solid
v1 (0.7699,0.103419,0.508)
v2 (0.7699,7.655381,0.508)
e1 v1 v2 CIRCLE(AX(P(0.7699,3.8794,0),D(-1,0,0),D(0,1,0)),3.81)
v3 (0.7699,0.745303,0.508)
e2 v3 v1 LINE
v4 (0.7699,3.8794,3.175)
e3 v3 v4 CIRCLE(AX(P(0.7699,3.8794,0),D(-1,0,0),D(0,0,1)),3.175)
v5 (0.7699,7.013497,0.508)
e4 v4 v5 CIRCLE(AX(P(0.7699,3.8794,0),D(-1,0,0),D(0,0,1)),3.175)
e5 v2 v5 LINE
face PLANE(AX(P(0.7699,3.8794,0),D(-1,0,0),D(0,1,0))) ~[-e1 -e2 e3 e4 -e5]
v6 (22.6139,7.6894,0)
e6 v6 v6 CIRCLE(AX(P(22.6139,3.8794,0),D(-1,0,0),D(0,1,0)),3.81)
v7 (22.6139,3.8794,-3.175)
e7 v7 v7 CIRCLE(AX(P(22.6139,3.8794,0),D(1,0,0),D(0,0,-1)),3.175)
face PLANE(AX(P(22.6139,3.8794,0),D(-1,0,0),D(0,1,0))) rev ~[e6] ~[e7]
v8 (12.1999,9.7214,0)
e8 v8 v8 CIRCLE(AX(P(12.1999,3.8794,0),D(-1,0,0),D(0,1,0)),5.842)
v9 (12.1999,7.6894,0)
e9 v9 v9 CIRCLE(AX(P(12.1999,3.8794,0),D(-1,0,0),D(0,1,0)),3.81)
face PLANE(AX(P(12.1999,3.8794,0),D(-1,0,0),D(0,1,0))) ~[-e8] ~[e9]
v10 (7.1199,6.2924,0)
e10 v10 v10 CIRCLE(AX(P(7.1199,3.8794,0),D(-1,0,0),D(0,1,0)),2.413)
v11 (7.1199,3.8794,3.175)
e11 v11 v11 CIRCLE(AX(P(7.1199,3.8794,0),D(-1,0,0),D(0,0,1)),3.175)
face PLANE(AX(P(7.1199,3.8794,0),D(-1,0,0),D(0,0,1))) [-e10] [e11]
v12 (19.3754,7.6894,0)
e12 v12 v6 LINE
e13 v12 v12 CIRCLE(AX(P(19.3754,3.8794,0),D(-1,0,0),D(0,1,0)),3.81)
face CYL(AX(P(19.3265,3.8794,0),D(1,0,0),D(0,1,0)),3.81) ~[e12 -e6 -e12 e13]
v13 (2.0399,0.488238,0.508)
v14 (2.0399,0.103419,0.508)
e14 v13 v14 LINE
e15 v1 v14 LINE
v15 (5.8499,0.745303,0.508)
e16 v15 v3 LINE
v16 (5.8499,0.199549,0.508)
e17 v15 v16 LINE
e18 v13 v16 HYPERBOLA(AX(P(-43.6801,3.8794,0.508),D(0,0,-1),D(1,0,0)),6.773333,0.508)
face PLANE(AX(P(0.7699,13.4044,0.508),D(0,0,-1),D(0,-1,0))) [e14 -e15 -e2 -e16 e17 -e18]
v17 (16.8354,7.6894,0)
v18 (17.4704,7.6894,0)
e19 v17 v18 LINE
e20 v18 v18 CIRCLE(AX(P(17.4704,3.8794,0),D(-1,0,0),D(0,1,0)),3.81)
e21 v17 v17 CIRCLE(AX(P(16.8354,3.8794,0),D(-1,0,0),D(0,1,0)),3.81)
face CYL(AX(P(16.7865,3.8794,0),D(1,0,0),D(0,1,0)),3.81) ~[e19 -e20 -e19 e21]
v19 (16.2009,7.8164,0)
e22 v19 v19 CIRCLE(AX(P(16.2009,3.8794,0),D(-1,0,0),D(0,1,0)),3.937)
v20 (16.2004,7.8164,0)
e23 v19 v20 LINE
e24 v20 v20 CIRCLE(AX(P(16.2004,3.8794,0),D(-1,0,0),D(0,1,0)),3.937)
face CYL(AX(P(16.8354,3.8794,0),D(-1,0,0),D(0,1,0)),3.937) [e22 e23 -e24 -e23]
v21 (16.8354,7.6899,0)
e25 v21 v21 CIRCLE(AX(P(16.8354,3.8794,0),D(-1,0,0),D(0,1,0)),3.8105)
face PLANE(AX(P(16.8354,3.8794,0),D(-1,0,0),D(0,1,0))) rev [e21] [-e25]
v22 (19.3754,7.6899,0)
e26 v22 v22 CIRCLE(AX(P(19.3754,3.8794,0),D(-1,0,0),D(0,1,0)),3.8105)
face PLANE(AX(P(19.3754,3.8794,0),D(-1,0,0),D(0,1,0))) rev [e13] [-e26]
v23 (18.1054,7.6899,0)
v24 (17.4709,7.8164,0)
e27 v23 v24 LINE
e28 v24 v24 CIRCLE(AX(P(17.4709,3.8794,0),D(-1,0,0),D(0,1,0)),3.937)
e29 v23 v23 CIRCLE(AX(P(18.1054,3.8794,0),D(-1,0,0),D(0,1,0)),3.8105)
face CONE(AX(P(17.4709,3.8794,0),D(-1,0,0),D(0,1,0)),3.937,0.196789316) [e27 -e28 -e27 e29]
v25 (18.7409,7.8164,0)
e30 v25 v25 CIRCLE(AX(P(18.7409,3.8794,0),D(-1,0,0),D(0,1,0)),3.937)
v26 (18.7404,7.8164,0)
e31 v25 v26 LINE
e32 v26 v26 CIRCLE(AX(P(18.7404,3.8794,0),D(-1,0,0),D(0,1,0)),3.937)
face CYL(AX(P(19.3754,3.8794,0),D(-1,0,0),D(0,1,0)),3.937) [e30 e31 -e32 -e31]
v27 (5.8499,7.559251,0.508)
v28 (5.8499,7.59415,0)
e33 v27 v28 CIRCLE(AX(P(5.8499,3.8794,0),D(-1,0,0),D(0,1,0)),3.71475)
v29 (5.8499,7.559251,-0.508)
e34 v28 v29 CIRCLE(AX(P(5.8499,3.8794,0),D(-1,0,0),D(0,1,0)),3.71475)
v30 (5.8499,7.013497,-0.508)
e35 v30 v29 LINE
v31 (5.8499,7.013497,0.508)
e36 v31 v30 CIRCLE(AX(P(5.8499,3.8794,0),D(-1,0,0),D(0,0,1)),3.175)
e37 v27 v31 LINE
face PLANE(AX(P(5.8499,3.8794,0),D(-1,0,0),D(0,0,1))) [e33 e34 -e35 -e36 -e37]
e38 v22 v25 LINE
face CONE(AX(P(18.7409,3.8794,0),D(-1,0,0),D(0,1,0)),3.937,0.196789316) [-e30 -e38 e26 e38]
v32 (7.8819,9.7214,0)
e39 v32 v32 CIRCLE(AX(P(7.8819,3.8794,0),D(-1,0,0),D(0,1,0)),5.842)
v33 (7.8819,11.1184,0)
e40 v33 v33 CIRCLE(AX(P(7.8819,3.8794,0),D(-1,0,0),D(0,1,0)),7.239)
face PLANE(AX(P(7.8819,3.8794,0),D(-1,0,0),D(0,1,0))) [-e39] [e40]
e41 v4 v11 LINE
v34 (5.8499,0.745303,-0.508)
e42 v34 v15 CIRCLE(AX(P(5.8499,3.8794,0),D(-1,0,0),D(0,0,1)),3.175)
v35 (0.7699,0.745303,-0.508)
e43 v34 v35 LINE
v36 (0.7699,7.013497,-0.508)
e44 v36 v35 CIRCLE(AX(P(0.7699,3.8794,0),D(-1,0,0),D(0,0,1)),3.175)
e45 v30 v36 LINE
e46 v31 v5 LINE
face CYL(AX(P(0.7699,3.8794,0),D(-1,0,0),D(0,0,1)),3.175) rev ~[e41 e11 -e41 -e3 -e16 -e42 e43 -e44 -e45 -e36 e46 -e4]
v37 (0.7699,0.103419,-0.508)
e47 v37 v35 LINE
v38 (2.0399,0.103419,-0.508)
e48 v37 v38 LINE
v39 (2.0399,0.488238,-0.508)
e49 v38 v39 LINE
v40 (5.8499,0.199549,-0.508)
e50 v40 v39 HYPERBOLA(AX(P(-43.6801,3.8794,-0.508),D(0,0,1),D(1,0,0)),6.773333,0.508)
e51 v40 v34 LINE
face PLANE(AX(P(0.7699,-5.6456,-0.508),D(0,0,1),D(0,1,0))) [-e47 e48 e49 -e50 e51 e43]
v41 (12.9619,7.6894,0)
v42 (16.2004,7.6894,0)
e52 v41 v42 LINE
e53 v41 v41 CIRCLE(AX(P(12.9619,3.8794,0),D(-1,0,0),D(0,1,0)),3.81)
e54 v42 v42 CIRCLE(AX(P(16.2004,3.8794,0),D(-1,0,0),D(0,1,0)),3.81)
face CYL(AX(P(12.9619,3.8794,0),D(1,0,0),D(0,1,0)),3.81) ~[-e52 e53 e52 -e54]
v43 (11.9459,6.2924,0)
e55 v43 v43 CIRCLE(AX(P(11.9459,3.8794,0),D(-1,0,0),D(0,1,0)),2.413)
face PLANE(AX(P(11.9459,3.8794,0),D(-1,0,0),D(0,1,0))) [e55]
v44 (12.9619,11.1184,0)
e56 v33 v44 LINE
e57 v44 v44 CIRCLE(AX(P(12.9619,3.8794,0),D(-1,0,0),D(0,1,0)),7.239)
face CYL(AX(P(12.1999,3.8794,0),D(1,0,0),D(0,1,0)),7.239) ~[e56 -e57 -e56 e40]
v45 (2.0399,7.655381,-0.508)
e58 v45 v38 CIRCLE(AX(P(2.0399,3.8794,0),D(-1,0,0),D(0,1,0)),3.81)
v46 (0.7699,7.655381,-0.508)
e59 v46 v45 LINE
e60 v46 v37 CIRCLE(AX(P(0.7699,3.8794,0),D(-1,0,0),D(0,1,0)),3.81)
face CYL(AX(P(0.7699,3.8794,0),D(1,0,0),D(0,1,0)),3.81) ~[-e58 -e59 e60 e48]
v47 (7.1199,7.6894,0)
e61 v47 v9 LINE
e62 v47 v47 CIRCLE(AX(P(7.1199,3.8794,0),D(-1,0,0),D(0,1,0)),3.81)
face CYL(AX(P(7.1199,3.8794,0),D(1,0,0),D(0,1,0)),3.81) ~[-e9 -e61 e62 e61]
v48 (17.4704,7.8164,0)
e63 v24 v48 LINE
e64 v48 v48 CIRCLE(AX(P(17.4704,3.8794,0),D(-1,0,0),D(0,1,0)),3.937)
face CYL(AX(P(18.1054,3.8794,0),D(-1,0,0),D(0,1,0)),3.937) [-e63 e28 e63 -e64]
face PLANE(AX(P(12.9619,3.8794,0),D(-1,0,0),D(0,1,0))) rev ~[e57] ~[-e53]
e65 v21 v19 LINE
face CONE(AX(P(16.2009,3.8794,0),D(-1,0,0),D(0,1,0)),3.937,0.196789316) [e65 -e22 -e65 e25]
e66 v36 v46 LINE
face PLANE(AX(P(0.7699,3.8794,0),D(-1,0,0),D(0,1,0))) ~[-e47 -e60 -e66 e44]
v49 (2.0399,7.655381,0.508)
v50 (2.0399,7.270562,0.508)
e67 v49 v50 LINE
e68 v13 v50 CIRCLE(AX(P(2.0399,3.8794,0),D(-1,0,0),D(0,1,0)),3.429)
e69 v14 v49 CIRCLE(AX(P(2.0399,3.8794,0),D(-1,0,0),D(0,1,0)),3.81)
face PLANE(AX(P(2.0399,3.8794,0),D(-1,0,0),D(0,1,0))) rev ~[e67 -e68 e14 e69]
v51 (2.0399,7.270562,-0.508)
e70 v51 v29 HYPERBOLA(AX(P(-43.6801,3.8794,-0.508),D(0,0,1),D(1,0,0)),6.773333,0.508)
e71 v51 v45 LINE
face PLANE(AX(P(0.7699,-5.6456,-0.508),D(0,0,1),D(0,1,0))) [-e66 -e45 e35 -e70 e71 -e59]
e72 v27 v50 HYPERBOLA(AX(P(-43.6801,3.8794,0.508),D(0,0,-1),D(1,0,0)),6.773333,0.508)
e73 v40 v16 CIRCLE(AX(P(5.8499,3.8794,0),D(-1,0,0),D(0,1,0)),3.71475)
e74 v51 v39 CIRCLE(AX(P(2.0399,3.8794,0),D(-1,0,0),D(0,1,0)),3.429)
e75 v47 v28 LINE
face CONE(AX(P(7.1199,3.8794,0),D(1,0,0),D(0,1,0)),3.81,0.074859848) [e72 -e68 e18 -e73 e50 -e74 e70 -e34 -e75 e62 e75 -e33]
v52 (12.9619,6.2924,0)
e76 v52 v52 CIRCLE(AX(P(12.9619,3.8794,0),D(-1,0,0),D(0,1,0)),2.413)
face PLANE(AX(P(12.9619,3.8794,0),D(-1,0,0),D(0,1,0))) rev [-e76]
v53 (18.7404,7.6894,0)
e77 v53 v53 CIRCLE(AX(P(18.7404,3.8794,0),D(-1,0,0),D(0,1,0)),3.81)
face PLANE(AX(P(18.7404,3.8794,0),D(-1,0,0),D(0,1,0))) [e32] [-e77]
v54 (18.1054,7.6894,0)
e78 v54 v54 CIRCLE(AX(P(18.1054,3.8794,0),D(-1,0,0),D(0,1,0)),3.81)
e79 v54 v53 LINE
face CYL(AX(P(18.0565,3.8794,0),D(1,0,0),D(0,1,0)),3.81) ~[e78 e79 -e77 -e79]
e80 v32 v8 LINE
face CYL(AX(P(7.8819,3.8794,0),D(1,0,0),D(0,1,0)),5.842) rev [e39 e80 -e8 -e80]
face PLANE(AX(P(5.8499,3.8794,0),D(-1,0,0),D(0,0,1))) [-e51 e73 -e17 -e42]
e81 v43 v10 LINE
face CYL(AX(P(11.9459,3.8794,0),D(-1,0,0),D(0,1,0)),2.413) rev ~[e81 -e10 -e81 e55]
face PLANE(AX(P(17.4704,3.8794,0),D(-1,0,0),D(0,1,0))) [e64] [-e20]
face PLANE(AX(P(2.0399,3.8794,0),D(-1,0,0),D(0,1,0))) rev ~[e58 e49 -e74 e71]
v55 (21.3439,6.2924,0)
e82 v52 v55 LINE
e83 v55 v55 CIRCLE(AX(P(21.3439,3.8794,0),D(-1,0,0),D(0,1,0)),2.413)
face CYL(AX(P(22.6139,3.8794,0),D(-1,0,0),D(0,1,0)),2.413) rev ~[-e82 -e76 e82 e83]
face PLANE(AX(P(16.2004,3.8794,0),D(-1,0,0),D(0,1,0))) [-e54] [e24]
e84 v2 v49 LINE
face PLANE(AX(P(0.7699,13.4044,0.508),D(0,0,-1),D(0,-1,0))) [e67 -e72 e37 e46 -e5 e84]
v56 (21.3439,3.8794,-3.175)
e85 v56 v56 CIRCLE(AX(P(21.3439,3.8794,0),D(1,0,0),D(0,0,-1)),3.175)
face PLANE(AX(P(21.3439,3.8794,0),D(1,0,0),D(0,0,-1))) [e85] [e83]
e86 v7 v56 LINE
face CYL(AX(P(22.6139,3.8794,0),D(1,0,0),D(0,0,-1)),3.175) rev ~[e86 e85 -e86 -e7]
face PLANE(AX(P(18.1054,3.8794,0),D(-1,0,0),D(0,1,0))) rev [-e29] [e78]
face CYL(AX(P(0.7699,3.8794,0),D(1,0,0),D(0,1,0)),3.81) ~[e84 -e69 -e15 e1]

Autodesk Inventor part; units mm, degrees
ref_plane "YZ Plane" through (0, 0, 0) normal (1, 0, 0) x (0, 1, 0)
ref_plane "XZ Plane" through (0, 0, 0) normal (0, 1, 0) x (-1, 0, 0)
ref_plane "XY Plane" through (0, 0, 0) normal (0, 0, 1) x (1, 0, 0)
sketch "Sketch1" plane through (0, 0, 0) normal (0, 0, 1) x (1, 0, 0)
  line L0 (22.6139, 7.6894) -> (22.6139, 6.2924)
  line L1 (0.7699, 6.2924) -> (0.7699, 7.6894)
  line L2 (11.9459, 3.8794) -> (12.9619, 3.8794)
  line L3 (12.9619, 3.8794) -> (12.9619, 6.2924)
  line L4 (11.9459, 6.2924) -> (11.9459, 3.8794)
  line L5 (11.9459, 6.2924) -> (0.7699, 6.2924)
  line L6 (12.1999, 7.6894) -> (12.1999, 9.7214)
  line L7 (12.1999, 11.1184) -> (12.9619, 11.1184)
  line L8 (12.9619, 11.1184) -> (12.9619, 7.6894)
  line L9 (12.9619, 11.1184) -> (7.8819, 11.1184)
  line L10 (7.8819, 11.1184) -> (7.8819, 9.7214)
  line L11 (7.8819, 9.7214) -> (12.1999, 9.7214)
  line L12 (12.9619, 9.7214) -> (12.9619, 11.1184)
  line L13 (11.9459, 3.8794) -> (0.9057, 3.8794)
  line L14 (0.7699, 7.6894) -> (2.0399, 7.6894)
  line L15 (2.0399, 7.6894) -> (2.0399, 7.3084)
  line L16 (0.7699, 7.6894) -> (2.0399, 7.6894)
  line L17 (7.1199, 7.6894) -> (2.0399, 7.3084)
  line L18 (0.7699, 7.6894) -> (2.0399, 7.6894)
  line L19 (7.1199, 7.6894) -> (12.1999, 7.6894)
  line L20 (18.1054, 7.8164) -> (17.4704, 7.8164)
  line L21 (17.4704, 6.1654) -> (18.1054, 7.8164) construction
  line L22 (18.1054, 6.1654) -> (17.4704, 7.8164) construction
  line L23 (16.8354, 7.8164) -> (16.2004, 7.8164)
  line L24 (16.2004, 6.1654) -> (16.8354, 7.8164) construction
  line L25 (16.8354, 6.1654) -> (16.2004, 7.8164) construction
  line L26 (19.3754, 7.8164) -> (18.7404, 7.8164)
  line L27 (18.7404, 6.1654) -> (19.3754, 7.8164) construction
  line L28 (19.3754, 6.1654) -> (18.7404, 7.8164) construction
  line L29 (16.2004, 7.8164) -> (16.2004, 7.6894)
  line L30 (16.8354, 7.6894) -> (16.8354, 7.8164)
  line L31 (17.4704, 7.8164) -> (17.4704, 7.6894)
  line L32 (18.1054, 7.6894) -> (18.1054, 7.8164)
  line L33 (18.7404, 7.8164) -> (18.7404, 7.6894)
  line L34 (19.3754, 7.6894) -> (19.3754, 7.8164)
  line L35 (19.3265, 7.6894) -> (22.6139, 7.6894)
  line L36 (22.6139, 6.2924) -> (19.3265, 6.2924)
  line L37 (18.0565, 7.6894) -> (18.7892, 7.6894)
  line L38 (12.9619, 7.6894) -> (16.2492, 7.6894)
  line L39 (16.7865, 7.6894) -> (17.5192, 7.6894)
  line L40 (19.3265, 6.2924) -> (16.2492, 6.2924)
  line L41 (16.7865, 6.2924) -> (12.9619, 6.2924)
  point P0 (16.2004, 6.2924)
  point P1 (16.8354, 6.2924)
  point P2 (17.4704, 6.2924)
  point P3 (19.3754, 6.2924)
  dimension "d8" = 21.844
  dimension "d9" = 1.397
  dimension "d10" = 11.176
  dimension "d12" = 11.43
  dimension "d13" = 12.192
  dimension "d15" = 12.192
  dimension "d16" = 7.239
  dimension "d17" = 1.397
  dimension "d18" = 7.112
  dimension "d34" = 1.27
  dimension "d35" = 0.381
  dimension "d36" = 6.35
  dimension "d38" = 0.635
  dimension "d39" = 1.651
  dimension "d41" = 0.635
  dimension "d42" = 1.651
  dimension "d44" = 0.635
  dimension "d45" = 1.651
revolve "Revolution1" add sketch "Sketch1" angle 360 about axis through (11.9459, 3.8794, 0) along (-1, 0, 0)
sketch "Sketch2" plane through (22.6139, 3.8794, 0) normal (1, 0, 0) x (0, 0, -1)
  circle A0 centre (0, 0) radius 3.175
  point P0 (0, -3.8794)
  dimension "d20" = 6.35
extrude "Extrusion1" cut sketch "Sketch2" against normal blind 1.27
sketch "Sketch3" plane through (0.7699, 3.8794, 0) normal (-1, 0, 0) x (0, 0, 1)
  circle A0 centre (0, 0) radius 3.175
  point P0 (0, -3.8794)
  dimension "d26" = 6.35
extrude "Extrusion2" cut sketch "Sketch3" against normal blind 6.35
sketch "Sketch4" plane through (0.7699, 3.8794, 0) normal (-1, 0, 0) x (0, 0, 1)
  line L0 (0.508, -9.525) -> (-0.508, -9.525)
  line L1 (-0.508, -9.525) -> (-0.508, 9.525)
  line L2 (-0.508, 9.525) -> (0.508, 9.525)
  line L3 (0.508, 9.525) -> (0.508, -9.525)
  line L4 (0.508, -9.525) -> (-0.508, 9.525) construction
  line L5 (-0.508, -9.525) -> (0.508, 9.525) construction
  point P0 (0, -3.8794)
  point P1 (0, 0)
  dimension "d30" = 1.016
  dimension "d31" = 19.05
extrude "Extrusion3" cut sketch "Sketch4" against normal blind 5.08
chamfer "Chamfer1" distance 0.127 distance2 0.635 1 edges at (19.3754, -0.0576, 0) measured on face at (19.3754, 7.736, 0.3141)
chamfer "Chamfer2" distance 0.127 distance2 0.635 1 edges at (18.1054, -0.0576, 0) measured on face at (18.1054, 7.736, 0.3141)
chamfer "Chamfer3" distance 0.127 distance2 0.635 1 edges at (16.8354, -0.0576, 0) measured on face at (16.8354, 7.736, 0.3141)
properties part number "Axle"
